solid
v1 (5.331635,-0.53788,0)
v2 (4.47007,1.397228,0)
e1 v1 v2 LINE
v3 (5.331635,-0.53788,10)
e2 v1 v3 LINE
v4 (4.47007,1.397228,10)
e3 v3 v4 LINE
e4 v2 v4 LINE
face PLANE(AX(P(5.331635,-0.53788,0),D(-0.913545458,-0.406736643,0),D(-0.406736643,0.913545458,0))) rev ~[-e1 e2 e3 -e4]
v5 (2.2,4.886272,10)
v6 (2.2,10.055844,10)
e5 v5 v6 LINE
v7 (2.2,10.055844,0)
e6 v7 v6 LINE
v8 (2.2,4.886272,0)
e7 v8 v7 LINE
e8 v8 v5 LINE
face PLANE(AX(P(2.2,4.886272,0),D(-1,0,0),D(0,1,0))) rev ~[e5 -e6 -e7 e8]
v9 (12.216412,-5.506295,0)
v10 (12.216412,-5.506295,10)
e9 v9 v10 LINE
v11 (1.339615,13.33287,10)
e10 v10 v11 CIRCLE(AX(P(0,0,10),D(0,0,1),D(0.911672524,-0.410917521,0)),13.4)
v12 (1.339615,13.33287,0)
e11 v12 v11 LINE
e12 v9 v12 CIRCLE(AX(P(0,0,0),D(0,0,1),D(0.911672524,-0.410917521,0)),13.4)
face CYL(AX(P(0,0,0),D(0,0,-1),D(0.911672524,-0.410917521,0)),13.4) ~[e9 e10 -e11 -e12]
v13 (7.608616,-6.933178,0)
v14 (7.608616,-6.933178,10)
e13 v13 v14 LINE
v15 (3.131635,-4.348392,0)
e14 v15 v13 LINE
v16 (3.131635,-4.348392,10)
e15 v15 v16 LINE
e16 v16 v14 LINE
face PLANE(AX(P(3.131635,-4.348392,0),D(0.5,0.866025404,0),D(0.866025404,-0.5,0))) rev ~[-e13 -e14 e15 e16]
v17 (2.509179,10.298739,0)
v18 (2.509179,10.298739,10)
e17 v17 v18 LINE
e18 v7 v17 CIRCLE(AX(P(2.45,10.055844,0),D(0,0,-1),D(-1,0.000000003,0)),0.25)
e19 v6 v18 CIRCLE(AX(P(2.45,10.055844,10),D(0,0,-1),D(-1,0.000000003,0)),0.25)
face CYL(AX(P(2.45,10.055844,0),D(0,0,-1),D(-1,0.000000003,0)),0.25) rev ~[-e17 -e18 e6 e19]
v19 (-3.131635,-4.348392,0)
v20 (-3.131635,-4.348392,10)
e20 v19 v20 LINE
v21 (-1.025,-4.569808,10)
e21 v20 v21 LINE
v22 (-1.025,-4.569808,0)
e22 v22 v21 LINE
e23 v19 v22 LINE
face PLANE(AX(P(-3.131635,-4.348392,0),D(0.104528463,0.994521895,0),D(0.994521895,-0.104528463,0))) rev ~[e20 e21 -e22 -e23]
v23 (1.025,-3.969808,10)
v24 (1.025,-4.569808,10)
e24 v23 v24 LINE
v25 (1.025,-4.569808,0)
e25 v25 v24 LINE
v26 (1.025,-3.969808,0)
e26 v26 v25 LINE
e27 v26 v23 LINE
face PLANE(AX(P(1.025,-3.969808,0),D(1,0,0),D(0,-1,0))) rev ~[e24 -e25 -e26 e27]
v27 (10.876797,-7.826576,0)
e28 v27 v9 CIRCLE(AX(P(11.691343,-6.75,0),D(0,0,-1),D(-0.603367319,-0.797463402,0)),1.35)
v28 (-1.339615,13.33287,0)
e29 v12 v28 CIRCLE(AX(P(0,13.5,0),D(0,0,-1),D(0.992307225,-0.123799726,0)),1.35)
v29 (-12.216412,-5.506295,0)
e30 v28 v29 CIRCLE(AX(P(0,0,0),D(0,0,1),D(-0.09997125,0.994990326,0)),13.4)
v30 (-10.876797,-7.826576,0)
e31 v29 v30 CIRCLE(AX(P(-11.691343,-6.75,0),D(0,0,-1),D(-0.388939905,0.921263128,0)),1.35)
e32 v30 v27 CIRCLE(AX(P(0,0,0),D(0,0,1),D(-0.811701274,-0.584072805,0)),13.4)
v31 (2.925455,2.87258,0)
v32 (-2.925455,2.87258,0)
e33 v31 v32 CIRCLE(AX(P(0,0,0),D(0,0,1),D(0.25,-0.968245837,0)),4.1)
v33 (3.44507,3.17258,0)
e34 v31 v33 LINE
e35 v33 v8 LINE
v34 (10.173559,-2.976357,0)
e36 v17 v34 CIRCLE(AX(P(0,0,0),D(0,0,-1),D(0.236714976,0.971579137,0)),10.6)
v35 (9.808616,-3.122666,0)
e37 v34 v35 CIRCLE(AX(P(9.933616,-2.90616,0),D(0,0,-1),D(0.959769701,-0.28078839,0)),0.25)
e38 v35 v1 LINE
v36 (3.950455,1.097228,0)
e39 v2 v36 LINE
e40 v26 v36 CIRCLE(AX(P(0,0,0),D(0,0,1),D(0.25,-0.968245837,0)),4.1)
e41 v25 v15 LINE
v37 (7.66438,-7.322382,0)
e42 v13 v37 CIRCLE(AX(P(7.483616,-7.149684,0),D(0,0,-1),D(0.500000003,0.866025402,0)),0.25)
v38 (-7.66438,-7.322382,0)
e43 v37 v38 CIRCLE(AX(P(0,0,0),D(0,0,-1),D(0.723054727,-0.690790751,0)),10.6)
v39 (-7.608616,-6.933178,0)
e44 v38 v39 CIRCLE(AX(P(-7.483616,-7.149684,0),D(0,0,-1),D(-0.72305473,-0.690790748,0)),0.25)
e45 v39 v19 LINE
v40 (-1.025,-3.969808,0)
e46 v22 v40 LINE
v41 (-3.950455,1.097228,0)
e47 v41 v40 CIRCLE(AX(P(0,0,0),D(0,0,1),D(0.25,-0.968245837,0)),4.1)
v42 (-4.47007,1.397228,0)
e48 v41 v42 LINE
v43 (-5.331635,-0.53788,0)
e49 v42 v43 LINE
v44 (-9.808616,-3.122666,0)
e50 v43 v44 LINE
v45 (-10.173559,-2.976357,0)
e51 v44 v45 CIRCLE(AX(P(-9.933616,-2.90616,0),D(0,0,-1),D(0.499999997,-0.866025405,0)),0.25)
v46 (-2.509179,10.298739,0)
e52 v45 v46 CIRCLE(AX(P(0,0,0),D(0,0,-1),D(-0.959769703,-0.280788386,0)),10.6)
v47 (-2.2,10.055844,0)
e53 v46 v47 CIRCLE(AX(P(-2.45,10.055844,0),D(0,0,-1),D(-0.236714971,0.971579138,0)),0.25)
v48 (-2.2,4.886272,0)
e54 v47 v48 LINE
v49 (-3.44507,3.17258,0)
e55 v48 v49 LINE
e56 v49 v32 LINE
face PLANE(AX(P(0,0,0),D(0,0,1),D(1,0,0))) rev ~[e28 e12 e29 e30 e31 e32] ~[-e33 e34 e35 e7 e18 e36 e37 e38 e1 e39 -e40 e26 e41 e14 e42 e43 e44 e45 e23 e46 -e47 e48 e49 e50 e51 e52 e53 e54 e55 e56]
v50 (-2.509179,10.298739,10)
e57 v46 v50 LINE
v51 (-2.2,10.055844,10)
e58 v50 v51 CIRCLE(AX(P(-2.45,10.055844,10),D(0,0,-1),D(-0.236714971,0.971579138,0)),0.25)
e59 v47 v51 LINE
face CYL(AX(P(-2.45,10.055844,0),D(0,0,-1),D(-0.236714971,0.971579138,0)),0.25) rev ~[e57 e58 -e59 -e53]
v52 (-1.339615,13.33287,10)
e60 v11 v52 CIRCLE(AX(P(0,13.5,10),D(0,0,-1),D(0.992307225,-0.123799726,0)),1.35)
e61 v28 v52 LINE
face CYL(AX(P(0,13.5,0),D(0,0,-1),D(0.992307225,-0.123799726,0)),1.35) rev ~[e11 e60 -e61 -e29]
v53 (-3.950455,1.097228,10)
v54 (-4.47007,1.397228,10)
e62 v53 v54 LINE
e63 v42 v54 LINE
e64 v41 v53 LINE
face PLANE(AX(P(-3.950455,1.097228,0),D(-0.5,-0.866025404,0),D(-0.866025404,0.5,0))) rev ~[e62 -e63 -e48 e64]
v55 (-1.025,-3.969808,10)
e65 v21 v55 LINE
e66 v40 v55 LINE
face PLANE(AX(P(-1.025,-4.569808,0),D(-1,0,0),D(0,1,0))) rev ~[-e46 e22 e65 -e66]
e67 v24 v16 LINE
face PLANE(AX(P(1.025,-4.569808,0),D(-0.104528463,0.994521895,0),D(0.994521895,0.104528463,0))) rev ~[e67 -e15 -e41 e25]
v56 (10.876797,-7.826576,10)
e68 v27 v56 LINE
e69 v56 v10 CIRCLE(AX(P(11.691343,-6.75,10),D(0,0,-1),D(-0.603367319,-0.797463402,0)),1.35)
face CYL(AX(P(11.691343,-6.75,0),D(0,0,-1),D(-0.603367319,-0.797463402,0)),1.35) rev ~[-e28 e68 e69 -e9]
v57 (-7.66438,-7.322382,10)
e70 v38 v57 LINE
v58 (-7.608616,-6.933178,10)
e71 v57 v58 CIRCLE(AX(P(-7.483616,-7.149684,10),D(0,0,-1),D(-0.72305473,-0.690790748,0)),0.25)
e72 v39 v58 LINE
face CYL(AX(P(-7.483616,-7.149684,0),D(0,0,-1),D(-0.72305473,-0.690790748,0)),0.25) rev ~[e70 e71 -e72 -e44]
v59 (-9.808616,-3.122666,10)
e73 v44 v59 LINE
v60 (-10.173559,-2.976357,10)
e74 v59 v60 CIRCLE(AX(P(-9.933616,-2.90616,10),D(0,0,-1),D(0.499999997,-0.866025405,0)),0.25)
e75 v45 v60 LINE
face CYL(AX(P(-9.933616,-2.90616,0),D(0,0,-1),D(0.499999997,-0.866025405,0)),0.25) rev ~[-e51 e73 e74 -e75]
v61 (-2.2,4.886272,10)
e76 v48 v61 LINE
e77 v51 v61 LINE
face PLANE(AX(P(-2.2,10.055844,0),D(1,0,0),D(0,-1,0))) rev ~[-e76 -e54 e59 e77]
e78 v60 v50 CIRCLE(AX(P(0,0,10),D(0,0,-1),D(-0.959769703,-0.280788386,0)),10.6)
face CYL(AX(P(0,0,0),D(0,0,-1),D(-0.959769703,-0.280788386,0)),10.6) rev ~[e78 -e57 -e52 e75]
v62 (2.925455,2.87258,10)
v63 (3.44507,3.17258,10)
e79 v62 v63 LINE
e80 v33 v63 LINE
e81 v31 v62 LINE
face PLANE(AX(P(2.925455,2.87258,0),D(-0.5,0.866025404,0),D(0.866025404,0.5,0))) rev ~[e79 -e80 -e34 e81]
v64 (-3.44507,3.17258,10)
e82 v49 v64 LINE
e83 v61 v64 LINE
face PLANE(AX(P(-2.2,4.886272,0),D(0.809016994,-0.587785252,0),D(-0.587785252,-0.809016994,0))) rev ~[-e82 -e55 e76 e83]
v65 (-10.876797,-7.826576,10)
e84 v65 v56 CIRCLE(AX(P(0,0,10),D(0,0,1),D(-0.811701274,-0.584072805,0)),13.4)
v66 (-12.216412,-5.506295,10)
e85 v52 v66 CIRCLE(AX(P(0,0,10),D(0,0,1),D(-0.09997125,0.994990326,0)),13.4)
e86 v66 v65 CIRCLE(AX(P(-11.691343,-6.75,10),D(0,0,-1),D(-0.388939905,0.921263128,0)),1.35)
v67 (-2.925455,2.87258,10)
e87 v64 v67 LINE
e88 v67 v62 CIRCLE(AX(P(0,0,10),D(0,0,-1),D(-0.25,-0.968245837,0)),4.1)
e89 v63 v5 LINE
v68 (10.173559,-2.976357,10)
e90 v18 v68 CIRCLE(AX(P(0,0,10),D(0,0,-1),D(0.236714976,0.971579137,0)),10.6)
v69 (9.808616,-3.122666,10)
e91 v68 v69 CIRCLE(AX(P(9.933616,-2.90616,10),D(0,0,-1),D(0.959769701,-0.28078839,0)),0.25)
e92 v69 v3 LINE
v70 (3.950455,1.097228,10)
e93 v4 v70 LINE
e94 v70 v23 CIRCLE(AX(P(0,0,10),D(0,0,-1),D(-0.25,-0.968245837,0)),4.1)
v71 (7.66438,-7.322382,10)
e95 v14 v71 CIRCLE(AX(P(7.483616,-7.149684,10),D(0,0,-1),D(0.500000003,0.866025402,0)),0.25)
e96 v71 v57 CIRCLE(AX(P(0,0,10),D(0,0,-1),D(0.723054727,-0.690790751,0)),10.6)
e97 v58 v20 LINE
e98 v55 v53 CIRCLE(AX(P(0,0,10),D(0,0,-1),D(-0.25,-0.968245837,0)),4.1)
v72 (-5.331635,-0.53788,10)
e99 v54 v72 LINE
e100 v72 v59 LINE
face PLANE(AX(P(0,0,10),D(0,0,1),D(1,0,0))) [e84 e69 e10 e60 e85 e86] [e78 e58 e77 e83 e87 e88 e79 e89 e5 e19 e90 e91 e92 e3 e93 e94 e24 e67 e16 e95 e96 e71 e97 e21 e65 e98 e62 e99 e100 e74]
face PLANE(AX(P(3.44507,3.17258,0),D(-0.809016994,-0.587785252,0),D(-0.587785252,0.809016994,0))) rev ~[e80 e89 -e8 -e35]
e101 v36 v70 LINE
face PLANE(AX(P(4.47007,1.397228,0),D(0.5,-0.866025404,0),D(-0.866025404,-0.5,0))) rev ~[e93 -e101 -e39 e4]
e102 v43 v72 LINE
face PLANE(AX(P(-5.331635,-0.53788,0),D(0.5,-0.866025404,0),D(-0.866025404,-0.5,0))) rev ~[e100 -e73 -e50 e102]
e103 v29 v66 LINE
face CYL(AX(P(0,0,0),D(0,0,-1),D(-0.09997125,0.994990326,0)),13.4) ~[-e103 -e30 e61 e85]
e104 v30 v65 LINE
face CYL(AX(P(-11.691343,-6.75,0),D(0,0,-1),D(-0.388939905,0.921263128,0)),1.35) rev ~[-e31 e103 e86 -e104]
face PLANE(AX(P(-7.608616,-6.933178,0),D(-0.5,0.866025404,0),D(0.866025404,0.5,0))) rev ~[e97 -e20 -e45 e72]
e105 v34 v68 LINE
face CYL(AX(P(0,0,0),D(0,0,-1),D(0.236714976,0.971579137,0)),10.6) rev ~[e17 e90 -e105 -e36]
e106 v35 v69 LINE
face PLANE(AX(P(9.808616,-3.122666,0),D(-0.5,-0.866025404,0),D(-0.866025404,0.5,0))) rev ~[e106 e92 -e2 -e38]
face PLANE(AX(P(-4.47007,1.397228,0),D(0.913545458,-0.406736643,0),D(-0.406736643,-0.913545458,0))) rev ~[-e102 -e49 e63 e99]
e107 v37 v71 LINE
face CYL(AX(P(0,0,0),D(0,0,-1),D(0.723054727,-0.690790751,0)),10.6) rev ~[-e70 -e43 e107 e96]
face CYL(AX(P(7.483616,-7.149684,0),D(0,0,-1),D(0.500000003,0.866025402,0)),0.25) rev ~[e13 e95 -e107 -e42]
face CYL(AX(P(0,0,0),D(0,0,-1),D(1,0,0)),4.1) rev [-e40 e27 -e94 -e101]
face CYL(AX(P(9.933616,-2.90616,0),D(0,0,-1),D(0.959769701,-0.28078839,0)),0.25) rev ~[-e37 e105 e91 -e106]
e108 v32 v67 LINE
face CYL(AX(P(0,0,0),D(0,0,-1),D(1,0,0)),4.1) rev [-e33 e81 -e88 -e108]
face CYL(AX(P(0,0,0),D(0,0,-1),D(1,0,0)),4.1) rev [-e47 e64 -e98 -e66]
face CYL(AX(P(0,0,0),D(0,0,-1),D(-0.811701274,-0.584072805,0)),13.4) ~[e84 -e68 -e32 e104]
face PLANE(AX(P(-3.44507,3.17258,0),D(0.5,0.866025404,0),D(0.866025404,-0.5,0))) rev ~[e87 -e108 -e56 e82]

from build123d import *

# Parameters (mm, degrees)
SKETCH_1_R               = 4.1
EXTRUDE_1_DEPTH          = 10
CUT_EXTRUDE_1_DEPTH      = 10
PATTERN_CIRCULAR_1_COUNT = 3


with BuildPart() as part:
    # 草图1 → 凸台-拉伸1 (new body)
    with BuildSketch(Plane.XY):
        with BuildLine():
            ThreePointArc((-1.339614753, 13.33287037), (-11.604740411, 6.7), (-12.216411823, -5.506294778))
            ThreePointArc((-12.216411823, -5.506294778), (-10.522208656, -6.075), (-10.87679707, -7.826575593))
            ThreePointArc((-10.87679707, -7.826575593), (0, -13.4), (10.87679707, -7.826575593))
            ThreePointArc((10.87679707, -7.826575593), (10.522208656, -6.075), (12.216411823, -5.506294778))
            ThreePointArc((12.216411823, -5.506294778), (11.604740411, 6.7), (1.339614753, 13.33287037))
            ThreePointArc((1.339614753, 13.33287037), (0, 12.15), (-1.339614753, 13.33287037))
        make_face()
        Circle(SKETCH_1_R, mode=Mode.SUBTRACT)
    extrude(amount=EXTRUDE_1_DEPTH)

    # 草图2 → 切除-拉伸1 (cut)
    with BuildSketch(Plane.XY):
        with BuildLine():
            Line((-7.608616423, -6.933177924), (-3.131635256, -4.348391642))
            Line((-3.131635256, -4.348391642), (-1.025, -4.56980793))
            Line((-1.025, -4.56980793), (-1.025, -3.96980793))
            ThreePointArc((-1.025, -3.96980793), (0, -4.1), (1.025, -3.96980793))
            Line((1.025, -3.96980793), (1.025, -4.56980793))
            Line((1.025, -4.56980793), (3.131635256, -4.348391642))
            Line((3.131635256, -4.348391642), (7.608616423, -6.933177924))
            ThreePointArc((7.608616423, -6.933177924), (7.731089256, -7.114227304), (7.664380105, -7.322381963))
            ThreePointArc((7.664380105, -7.322381963), (0, -10.6), (-7.664380105, -7.322381963))
            ThreePointArc((-7.664380105, -7.322381963), (-7.731089256, -7.114227304), (-7.608616423, -6.933177924))
        make_face()
    cut_extrude_1 = extrude(amount=CUT_EXTRUDE_1_DEPTH, mode=Mode.SUBTRACT)

    # 阵列(圆周)1: 切除-拉伸1 ×3 about axis
    pattern_circular_1_axis = Axis((0, 0, 0), (0, 0, 1))
    for i in range(1, PATTERN_CIRCULAR_1_COUNT):
        add(cut_extrude_1.rotate(pattern_circular_1_axis, i * 360 / PATTERN_CIRCULAR_1_COUNT), mode=Mode.SUBTRACT)


solid = part.part
